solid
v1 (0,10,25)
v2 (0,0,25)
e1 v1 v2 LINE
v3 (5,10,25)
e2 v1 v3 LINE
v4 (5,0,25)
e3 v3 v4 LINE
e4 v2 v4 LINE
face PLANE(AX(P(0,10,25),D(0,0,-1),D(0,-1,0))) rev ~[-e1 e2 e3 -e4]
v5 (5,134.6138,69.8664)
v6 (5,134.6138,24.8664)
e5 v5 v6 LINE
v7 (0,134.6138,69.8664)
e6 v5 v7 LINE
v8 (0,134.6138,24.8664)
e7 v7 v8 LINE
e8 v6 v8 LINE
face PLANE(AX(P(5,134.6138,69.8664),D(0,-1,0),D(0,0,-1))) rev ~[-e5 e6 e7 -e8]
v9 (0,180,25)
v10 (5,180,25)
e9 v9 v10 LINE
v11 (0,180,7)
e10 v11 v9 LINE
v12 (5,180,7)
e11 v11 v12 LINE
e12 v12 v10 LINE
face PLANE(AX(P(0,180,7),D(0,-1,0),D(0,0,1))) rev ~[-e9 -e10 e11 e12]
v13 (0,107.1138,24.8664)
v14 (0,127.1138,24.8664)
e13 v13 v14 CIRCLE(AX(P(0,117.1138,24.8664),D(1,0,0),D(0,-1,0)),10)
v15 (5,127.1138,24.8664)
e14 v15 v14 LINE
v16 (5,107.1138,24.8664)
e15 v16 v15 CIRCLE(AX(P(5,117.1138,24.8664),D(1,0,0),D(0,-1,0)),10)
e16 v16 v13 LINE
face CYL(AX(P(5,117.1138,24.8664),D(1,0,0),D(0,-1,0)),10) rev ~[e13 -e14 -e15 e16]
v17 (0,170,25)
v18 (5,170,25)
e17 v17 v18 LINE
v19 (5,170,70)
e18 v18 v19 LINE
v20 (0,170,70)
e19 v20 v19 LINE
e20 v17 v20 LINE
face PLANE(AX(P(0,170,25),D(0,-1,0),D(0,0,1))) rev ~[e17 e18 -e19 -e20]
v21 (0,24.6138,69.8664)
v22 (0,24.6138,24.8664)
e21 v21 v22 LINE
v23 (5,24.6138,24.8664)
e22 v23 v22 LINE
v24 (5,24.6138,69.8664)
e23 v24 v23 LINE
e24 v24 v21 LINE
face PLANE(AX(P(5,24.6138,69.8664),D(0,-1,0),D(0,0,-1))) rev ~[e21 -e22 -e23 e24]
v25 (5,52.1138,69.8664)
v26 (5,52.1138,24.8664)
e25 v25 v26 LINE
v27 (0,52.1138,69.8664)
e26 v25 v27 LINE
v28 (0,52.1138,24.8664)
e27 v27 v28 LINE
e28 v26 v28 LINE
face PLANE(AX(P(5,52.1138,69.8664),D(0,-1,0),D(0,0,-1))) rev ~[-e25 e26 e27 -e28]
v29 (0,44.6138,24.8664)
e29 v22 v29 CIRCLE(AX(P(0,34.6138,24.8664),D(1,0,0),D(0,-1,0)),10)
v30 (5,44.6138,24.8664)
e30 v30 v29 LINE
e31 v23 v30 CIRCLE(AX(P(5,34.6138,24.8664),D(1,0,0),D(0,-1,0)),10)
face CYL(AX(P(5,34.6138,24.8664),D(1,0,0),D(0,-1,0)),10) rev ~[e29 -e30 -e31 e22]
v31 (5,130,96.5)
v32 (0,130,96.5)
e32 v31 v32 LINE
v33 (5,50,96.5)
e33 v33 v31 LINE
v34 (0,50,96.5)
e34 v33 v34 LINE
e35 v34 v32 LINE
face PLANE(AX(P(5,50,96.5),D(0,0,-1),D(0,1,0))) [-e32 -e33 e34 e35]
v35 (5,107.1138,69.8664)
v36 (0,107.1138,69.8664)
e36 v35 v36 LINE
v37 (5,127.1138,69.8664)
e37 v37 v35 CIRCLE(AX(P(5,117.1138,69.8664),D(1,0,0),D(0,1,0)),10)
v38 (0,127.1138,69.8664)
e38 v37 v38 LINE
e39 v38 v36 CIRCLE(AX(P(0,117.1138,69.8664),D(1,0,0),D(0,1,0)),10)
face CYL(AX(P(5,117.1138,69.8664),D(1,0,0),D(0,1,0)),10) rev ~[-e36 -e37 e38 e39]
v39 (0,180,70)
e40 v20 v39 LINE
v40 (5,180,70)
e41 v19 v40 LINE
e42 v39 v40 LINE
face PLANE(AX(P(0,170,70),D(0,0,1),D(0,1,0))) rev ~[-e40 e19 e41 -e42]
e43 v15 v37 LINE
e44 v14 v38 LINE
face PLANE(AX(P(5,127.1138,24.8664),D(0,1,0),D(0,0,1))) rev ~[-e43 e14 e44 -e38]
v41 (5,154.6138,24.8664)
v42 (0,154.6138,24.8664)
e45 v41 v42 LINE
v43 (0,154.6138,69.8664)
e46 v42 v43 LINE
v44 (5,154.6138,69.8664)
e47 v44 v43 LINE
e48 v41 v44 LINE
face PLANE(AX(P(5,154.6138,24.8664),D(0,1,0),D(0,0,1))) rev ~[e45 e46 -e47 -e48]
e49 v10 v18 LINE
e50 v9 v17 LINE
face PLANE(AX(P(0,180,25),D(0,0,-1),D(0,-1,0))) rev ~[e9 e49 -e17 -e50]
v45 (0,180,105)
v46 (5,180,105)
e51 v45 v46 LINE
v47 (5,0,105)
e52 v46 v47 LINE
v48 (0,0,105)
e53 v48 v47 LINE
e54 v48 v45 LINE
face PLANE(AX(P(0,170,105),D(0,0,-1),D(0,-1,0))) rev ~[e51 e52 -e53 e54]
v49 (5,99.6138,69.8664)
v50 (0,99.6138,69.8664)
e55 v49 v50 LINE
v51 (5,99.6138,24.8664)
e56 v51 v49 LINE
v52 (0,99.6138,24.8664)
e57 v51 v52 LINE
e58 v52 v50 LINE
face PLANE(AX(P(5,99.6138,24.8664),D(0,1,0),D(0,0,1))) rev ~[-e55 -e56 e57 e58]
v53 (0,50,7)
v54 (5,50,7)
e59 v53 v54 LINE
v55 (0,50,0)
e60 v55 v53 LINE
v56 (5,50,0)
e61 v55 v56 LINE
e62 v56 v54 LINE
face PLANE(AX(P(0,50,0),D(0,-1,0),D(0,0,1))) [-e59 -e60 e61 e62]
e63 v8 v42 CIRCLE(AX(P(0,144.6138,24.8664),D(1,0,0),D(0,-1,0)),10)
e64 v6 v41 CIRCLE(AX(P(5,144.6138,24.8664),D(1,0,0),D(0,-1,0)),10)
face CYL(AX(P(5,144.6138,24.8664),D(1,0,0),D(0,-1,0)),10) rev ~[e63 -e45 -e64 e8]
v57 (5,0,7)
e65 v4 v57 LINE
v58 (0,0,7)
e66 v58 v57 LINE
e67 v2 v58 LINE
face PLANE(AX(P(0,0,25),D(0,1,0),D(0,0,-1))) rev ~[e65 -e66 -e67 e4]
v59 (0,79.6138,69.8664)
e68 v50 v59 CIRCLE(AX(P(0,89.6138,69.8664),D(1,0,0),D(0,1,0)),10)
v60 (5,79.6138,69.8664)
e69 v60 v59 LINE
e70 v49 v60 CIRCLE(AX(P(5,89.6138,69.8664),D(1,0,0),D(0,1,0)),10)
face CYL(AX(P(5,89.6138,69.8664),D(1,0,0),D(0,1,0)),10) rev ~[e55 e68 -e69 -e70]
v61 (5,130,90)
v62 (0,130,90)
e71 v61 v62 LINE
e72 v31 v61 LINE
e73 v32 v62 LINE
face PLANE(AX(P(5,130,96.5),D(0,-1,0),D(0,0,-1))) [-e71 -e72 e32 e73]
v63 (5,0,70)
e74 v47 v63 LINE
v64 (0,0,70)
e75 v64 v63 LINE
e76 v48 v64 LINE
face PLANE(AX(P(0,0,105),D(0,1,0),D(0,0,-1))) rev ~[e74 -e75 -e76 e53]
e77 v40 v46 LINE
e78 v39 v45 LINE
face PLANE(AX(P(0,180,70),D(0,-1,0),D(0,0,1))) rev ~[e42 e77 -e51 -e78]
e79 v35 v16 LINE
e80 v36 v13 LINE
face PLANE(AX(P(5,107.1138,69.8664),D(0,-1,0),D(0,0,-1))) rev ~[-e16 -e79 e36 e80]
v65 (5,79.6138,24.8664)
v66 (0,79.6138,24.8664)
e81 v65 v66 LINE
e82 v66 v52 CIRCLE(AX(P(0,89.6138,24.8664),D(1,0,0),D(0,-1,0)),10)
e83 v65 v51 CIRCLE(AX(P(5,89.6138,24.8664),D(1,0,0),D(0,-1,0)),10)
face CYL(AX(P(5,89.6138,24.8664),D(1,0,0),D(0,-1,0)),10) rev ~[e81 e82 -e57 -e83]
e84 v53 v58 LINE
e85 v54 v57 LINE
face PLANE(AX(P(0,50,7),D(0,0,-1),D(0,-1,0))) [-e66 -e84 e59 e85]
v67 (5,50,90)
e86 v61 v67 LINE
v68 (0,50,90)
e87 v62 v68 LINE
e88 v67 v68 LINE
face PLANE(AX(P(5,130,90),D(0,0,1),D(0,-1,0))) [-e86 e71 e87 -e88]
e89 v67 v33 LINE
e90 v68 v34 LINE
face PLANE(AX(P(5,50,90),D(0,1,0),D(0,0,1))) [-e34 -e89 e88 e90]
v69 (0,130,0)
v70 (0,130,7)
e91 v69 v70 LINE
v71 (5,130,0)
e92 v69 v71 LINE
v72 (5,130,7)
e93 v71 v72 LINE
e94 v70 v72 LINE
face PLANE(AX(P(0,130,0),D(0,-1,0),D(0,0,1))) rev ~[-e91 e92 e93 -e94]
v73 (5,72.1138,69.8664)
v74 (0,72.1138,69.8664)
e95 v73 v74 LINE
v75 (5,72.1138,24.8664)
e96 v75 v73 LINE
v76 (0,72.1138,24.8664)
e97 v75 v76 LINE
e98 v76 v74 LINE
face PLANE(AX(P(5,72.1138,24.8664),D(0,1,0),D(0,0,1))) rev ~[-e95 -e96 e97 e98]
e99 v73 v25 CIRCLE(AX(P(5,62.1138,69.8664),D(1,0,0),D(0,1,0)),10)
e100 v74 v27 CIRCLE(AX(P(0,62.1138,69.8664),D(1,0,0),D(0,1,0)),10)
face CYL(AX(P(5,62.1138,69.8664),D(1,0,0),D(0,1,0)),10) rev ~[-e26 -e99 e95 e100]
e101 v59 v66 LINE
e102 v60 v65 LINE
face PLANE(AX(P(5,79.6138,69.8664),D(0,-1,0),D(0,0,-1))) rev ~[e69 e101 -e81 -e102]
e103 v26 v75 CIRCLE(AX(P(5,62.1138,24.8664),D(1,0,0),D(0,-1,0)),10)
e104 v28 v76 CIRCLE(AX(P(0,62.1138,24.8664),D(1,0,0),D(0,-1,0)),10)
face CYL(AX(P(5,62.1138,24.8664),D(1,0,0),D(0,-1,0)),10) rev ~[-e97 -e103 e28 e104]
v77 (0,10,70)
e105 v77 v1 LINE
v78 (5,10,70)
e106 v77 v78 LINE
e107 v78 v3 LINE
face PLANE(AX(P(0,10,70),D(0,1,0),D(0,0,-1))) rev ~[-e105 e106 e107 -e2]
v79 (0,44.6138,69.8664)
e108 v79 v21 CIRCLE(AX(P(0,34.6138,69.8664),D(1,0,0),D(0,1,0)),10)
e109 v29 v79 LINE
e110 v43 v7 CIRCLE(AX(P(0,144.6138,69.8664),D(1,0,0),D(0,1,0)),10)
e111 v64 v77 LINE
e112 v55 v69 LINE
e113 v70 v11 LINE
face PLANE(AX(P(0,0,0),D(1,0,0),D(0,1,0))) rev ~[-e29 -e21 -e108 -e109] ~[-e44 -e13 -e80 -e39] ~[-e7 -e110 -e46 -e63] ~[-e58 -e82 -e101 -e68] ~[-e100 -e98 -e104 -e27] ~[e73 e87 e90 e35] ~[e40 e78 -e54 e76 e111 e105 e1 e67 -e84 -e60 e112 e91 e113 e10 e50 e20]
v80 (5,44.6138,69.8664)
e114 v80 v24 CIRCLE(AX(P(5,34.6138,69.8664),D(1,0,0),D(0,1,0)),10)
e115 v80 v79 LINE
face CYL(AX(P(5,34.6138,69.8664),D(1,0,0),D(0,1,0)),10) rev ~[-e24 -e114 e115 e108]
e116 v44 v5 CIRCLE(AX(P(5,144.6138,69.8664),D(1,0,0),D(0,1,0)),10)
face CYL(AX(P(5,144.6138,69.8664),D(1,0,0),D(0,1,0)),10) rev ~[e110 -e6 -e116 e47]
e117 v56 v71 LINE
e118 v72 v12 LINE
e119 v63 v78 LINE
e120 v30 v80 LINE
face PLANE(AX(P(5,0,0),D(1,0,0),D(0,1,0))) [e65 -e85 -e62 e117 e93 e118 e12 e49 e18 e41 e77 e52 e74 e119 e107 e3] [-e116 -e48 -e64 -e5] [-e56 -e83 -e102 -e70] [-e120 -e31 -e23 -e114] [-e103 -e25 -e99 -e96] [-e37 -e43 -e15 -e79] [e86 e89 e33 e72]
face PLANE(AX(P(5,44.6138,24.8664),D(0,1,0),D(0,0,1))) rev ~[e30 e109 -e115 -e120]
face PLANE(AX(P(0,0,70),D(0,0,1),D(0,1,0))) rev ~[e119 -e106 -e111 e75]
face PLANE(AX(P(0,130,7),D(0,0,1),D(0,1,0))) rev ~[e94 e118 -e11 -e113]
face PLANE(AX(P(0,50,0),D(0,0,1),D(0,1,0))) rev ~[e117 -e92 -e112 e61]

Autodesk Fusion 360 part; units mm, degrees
sketch "Sketch1" plane through (0, 0, 0) normal (1, 0, 0) x (0, 1, 0)
  line L0 (0, 0) -> (180, 0)
  line L1 (180, 0) -> (180, 25)
  line L2 (180, 25) -> (170, 25)
  line L3 (170, 25) -> (170, 70)
  line L4 (170, 70) -> (180, 70)
  line L5 (180, 70) -> (180, 105)
  line L6 (180, 105) -> (170, 105)
  line L7 (170, 105) -> (0, 105)
  line L8 (0, 105) -> (0, 70)
  line L9 (0, 70) -> (10, 70)
  line L10 (10, 70) -> (10, 25)
  line L11 (10, 25) -> (0, 25)
  line L12 (0, 25) -> (0, 0)
  line L13 (0, 0) -> (50, 0)
  line L14 (50, 0) -> (50, 7)
  line L15 (50, 7) -> (0, 7)
  line L16 (0, 7) -> (0, 0)
  line L17 (180, 0) -> (130, 0)
  line L18 (130, 0) -> (130, 7)
  line L19 (130, 7) -> (180, 7)
  line L20 (180, 7) -> (180, 0)
  dimension "d1" = 180
  dimension "d2" = 10
  dimension "d4" = 25
  dimension "d5" = 105
  dimension "d6" = 10
  dimension "d20" = 35
  dimension "d22" = 7
  dimension "d23" = 50
  dimension "d26" = 80
extrude "Extrude1" add sketch "Sketch1" along normal blind 5
sketch "Sketch2" plane through (5, 0, 0) normal (1, 0, 0) x (0, 1, 0)
  line L0 (0, 25) -> (0, 0)
  line L1 (0, 0) -> (180, 0)
  line L2 (180, 0) -> (180, 25)
  line L3 (180, 25) -> (170, 25)
  line L4 (170, 25) -> (170, 70)
  line L5 (170, 70) -> (180, 70)
  line L6 (180, 70) -> (180, 105)
  line L7 (180, 105) -> (0, 105)
  line L8 (0, 105) -> (0, 70)
  line L9 (0, 70) -> (10, 70)
  line L10 (10, 70) -> (10, 25)
  line L11 (10, 25) -> (0, 25)
  line L12 (134.6138, 69.8664) -> (134.6138, 24.8664)
  arc A0 (134.6138, 24.8664) -> (154.6138, 24.8664) centre (144.6138, 24.8664) ccw
  line L13 (154.6138, 24.8664) -> (154.6138, 69.8664)
  arc A1 (154.6138, 69.8664) -> (134.6138, 69.8664) centre (144.6138, 69.8664) ccw
  line L14 (144.6138, 69.8664) -> (144.6138, 24.8664) construction
  line L15 (50, 96.5) -> (130, 96.5)
  line L16 (130, 96.5) -> (130, 90)
  line L17 (130, 90) -> (50, 90)
  line L18 (50, 90) -> (50, 96.5)
  dimension "d9" = 20
  dimension "d15" = 90
  dimension "d16" = 6.5
  dimension "d17" = 80
  dimension "d18" = 50
  dimension "d25" = 45
extrude "Extrude2" cut sketch "Sketch2" against normal through all contours L12 A0 L13 A1
pattern_linear "R-Pattern1" count 1 spacing 0 along (0, 0, -1) count 5 spacing 27.5 along (0, -1, 0) of "Extrude2"
extrude "Extrude3" cut sketch "Sketch2" against normal through all contours L15 L16 L17 L18
extrude "Extrude4" cut sketch "Sketch1" along normal through all contours L0 L12 L13 L14 L15 L16 | L0 L1 L17 L18 L19 L20
